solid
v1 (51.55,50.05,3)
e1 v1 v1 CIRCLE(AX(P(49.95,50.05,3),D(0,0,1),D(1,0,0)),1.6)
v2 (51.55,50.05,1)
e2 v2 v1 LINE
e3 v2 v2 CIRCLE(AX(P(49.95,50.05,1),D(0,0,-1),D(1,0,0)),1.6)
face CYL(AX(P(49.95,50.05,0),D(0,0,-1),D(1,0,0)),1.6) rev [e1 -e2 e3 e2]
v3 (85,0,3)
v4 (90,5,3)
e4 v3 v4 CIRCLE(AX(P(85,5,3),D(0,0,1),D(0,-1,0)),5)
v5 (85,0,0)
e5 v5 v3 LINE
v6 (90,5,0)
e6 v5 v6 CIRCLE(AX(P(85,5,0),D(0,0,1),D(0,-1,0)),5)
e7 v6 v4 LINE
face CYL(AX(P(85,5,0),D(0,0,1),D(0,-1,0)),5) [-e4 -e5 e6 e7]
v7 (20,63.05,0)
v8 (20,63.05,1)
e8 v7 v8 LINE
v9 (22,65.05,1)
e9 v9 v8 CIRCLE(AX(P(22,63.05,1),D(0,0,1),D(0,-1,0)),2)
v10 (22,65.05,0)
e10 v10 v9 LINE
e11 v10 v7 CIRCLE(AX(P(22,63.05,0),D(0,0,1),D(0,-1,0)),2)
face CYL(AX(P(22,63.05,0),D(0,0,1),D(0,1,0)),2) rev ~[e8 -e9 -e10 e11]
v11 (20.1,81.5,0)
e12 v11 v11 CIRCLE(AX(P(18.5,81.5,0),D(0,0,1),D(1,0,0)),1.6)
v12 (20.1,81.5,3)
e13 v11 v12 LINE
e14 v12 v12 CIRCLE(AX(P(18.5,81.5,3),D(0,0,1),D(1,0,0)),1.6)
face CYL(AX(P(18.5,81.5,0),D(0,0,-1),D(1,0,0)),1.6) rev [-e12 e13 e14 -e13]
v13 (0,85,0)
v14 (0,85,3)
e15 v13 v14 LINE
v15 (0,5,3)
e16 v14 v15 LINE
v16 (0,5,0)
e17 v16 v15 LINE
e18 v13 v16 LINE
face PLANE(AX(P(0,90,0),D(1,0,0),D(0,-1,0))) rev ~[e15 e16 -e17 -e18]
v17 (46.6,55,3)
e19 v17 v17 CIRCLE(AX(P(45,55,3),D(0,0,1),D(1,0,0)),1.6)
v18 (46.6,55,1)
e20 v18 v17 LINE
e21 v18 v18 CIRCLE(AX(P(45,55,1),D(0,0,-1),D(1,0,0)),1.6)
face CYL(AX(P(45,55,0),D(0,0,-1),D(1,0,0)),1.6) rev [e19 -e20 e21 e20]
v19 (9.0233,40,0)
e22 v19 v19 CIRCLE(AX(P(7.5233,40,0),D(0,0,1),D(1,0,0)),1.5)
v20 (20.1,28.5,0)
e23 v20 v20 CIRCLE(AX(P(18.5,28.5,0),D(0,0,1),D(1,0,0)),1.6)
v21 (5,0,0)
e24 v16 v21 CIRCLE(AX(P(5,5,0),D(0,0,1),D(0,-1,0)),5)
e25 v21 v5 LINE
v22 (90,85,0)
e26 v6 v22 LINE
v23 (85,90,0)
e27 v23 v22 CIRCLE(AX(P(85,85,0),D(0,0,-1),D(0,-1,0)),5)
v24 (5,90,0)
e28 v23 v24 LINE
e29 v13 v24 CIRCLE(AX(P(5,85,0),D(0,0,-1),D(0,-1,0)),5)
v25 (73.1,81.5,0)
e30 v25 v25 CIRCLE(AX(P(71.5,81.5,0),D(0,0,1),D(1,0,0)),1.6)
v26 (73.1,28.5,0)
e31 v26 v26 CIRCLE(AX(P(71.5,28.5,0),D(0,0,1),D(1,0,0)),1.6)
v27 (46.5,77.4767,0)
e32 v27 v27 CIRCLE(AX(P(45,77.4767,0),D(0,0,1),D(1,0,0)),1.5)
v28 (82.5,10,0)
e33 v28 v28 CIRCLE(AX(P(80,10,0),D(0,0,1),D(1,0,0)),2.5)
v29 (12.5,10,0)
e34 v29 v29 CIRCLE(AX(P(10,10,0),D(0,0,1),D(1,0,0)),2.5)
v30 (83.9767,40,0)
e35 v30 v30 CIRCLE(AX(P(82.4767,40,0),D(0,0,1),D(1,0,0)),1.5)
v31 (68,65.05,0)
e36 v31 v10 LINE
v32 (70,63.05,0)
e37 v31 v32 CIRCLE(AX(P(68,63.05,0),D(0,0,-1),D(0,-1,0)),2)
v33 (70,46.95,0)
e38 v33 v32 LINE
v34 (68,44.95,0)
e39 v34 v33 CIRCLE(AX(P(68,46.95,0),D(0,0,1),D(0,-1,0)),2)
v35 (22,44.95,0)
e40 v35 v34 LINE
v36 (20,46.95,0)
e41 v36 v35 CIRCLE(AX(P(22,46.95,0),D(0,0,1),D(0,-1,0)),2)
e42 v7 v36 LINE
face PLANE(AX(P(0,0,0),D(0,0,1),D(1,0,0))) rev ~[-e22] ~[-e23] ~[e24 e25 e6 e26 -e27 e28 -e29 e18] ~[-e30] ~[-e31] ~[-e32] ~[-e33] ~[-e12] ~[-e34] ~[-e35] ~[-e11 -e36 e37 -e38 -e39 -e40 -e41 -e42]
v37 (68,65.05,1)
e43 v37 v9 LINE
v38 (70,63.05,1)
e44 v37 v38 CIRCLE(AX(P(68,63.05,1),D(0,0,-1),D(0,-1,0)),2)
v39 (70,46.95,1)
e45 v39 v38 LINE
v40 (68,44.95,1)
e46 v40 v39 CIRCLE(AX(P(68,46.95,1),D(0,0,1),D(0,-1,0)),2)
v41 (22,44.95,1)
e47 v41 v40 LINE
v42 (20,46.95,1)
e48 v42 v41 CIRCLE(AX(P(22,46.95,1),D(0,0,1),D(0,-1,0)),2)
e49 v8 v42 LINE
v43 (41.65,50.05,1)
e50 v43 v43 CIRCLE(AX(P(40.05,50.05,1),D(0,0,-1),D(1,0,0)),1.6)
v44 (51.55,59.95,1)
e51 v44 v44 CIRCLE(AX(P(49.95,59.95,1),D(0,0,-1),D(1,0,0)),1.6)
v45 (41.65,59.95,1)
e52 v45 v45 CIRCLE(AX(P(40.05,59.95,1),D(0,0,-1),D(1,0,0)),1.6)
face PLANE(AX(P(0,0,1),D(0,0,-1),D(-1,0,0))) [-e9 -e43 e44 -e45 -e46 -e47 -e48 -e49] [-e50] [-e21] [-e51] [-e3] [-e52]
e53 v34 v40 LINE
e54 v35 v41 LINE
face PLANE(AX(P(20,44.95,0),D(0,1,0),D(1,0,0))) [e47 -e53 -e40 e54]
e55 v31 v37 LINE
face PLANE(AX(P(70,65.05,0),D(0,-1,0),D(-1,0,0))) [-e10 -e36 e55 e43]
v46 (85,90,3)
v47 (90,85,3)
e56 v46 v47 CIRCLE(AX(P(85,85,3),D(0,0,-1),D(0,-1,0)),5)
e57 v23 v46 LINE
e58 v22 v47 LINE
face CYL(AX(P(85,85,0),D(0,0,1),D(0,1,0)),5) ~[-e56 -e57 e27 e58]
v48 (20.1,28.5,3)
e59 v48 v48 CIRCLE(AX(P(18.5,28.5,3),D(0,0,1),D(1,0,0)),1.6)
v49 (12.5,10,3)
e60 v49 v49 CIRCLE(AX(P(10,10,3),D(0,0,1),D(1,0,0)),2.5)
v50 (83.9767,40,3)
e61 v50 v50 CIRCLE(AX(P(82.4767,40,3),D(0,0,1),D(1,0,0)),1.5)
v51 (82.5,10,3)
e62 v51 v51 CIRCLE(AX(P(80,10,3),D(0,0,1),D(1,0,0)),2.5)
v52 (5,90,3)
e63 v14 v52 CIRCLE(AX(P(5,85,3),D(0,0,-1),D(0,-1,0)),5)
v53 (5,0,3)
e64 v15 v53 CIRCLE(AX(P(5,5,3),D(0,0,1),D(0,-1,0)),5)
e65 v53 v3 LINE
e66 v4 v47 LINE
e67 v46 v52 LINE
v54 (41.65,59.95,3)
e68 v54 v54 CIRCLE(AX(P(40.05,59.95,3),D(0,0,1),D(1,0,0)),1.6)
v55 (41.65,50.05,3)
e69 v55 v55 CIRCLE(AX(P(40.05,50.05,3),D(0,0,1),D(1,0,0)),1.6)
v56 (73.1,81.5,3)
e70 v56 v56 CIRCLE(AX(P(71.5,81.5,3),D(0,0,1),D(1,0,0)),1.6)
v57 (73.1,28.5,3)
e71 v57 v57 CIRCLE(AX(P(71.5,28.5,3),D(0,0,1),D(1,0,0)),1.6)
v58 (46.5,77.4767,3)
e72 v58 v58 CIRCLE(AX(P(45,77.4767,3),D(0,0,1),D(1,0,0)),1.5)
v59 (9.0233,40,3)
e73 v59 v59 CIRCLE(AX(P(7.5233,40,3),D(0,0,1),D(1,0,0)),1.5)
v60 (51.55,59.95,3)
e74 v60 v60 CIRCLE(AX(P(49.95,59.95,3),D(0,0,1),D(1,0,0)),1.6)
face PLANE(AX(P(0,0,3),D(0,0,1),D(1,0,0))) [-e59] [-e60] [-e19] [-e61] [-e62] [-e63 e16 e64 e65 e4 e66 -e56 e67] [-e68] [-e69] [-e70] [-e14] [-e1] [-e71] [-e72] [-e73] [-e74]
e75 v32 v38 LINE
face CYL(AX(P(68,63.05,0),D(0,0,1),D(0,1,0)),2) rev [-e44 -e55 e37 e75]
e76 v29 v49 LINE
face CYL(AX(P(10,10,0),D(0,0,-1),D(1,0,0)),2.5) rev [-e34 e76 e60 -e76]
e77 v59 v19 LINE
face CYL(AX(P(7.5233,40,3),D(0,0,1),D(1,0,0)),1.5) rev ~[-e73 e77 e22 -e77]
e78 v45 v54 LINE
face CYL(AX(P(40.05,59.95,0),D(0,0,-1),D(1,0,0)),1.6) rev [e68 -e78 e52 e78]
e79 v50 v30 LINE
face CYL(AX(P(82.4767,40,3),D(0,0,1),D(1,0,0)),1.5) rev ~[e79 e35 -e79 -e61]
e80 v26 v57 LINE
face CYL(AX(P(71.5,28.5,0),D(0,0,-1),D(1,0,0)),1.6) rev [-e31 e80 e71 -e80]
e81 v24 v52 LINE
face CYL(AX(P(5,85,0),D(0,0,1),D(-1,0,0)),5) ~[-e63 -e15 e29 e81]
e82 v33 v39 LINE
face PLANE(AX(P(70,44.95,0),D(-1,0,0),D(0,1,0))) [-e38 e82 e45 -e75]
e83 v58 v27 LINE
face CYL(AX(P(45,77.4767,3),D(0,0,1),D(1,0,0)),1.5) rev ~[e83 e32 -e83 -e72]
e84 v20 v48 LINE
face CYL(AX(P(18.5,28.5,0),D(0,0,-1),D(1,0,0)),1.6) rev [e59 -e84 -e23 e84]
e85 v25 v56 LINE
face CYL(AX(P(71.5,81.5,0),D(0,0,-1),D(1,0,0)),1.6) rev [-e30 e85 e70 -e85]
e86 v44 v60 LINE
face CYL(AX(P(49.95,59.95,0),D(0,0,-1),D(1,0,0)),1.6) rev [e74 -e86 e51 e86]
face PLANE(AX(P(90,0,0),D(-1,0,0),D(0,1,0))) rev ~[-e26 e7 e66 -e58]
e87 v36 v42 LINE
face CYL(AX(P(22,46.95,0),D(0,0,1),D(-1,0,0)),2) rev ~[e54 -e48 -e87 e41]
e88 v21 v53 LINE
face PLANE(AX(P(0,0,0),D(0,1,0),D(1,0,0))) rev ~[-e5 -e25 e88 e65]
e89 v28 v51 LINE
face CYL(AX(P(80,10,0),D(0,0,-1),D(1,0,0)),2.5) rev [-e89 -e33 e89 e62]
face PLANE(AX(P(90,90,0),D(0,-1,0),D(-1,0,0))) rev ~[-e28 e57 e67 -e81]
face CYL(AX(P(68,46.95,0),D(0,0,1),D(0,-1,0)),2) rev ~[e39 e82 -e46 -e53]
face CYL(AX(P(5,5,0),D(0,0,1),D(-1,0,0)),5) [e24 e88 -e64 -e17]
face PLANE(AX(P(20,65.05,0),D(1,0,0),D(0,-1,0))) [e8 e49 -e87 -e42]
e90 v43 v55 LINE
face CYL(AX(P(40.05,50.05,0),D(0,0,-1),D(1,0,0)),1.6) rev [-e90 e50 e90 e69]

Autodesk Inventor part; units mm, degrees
ref_plane "YZ Plane" through (0, 0, 0) normal (1, 0, 0) x (0, 1, 0)
ref_plane "XZ Plane" through (0, 0, 0) normal (0, 1, 0) x (-1, 0, 0)
ref_plane "XY Plane" through (0, 0, 0) normal (0, 0, 1) x (1, 0, 0)
sketch "スケッチ1" plane through (0, 0, 0) normal (0, 0, 1) x (1, 0, 0)
  line L0 (0, 0) -> (90, 0)
  line L1 (90, 0) -> (90, 90)
  line L2 (90, 90) -> (0, 90)
  line L3 (0, 90) -> (0, 0)
  line L4 (0, 10) -> (90, 10) construction
  circle A0 centre (10, 10) radius 2.5
  circle A1 centre (80, 10) radius 2.5
  circle A2 centre (18.5, 81.5) radius 1.6
  circle A3 centre (18.5, 28.5) radius 1.6
  circle A4 centre (71.5, 81.5) radius 1.6
  circle A5 centre (71.5, 28.5) radius 1.6
  line L5 (18.5, 81.5) -> (18.5, 28.5) construction
  line L6 (18.5, 28.5) -> (71.5, 28.5) construction
  line L7 (71.5, 28.5) -> (71.5, 81.5) construction
  line L8 (71.5, 81.5) -> (18.5, 81.5) construction
  line L9 (45, 90) -> (45, 0) construction
  line L10 (0, 55) -> (90, 55) construction
  line L11 (49.95, 50.05) -> (40.05, 50.05) construction
  line L12 (40.05, 50.05) -> (40.05, 59.95) construction
  line L13 (40.05, 59.95) -> (49.95, 59.95) construction
  line L14 (49.95, 59.95) -> (49.95, 50.05) construction
  line L15 (49.95, 50.05) -> (40.05, 59.95) construction
  line L16 (40.05, 50.05) -> (49.95, 59.95) construction
  circle A6 centre (49.95, 59.95) radius 1.6
  circle A7 centre (40.05, 59.95) radius 1.6
  circle A8 centre (49.95, 50.05) radius 1.6
  circle A9 centre (40.05, 50.05) radius 1.6
  circle A10 centre (45, 55) radius 1.6
  dimension "d0" = 5
  dimension "d1" = 10
  dimension "d2" = 10
  dimension "d3" = 10
  dimension "d4" = 90
  dimension "d5" = 90
  dimension "d12" = 3.2
  dimension "d21" = 53
  dimension "d23" = 53
  dimension "d33" = 55
  dimension "d34" = 3.2
  dimension "d35" = 9.9
  dimension "d36" = 9.9
extrude "押し出し1" add sketch "スケッチ1" along normal blind 3
sketch "スケッチ2" plane through (0, 0, 3) normal (0, 0, 1) x (1, 0, 0)
  line L0 (90, 90) -> (0, 90) construction
  line L1 (45, 90) -> (45, 0) construction
  line L2 (45, 77.4767) -> (82.4767, 40) construction
  line L3 (82.4767, 40) -> (45, 2.5233) construction
  line L4 (45, 2.5233) -> (7.5233, 40) construction
  line L5 (7.5233, 40) -> (45, 77.4767) construction
  line L6 (45, 77.4767) -> (45, 2.5233) construction
  line L7 (82.4767, 40) -> (7.5233, 40) construction
  line L8 (0, 0) -> (90, 0) construction
  circle A0 centre (82.4767, 40) radius 1.5
  circle A1 centre (45, 77.4767) radius 1.5
  circle A2 centre (45, 2.5233) radius 1.5 construction
  circle A3 centre (7.5233, 40) radius 1.5
  point P0 (45, 40)
  dimension "d27" = 53
  dimension "d28" = 90
  dimension "d29" = 40
  dimension "d30" = 3
extrude "押し出し2" cut sketch "スケッチ2" against normal up to next
fillet "フィレット2" radius 5 4 edges at (90, 90, 1.5) (0, 90, 1.5) (90, 0, 1.5) (0, 0, 1.5)
sketch "スケッチ3" plane through (0, 0, 0) normal (0, 0, -1) x (-1, 0, 0)
  line L0 (-70, 65.05) -> (-20, 65.05)
  line L1 (-20, 65.05) -> (-20, 44.95)
  line L2 (-20, 44.95) -> (-70, 44.95)
  line L3 (-70, 44.95) -> (-70, 65.05)
  circle A0 centre (-45, 55) radius 1.6 projected
  line L4 (-70, 65.05) -> (-20, 44.95) construction
  line L5 (-20, 65.05) -> (-70, 44.95) construction
  point P0 (0, 0)
  dimension "d38" = 20.1
  dimension "d39" = 50
extrude "押し出し3" cut sketch "スケッチ3" against normal blind 1
fillet "フィレット3" radius 2 4 edges at (70, 65.05, 0.5) (20, 65.05, 0.5) (20, 44.95, 0.5) (70, 44.95, 0.5)
properties part number "LRFマウント"
